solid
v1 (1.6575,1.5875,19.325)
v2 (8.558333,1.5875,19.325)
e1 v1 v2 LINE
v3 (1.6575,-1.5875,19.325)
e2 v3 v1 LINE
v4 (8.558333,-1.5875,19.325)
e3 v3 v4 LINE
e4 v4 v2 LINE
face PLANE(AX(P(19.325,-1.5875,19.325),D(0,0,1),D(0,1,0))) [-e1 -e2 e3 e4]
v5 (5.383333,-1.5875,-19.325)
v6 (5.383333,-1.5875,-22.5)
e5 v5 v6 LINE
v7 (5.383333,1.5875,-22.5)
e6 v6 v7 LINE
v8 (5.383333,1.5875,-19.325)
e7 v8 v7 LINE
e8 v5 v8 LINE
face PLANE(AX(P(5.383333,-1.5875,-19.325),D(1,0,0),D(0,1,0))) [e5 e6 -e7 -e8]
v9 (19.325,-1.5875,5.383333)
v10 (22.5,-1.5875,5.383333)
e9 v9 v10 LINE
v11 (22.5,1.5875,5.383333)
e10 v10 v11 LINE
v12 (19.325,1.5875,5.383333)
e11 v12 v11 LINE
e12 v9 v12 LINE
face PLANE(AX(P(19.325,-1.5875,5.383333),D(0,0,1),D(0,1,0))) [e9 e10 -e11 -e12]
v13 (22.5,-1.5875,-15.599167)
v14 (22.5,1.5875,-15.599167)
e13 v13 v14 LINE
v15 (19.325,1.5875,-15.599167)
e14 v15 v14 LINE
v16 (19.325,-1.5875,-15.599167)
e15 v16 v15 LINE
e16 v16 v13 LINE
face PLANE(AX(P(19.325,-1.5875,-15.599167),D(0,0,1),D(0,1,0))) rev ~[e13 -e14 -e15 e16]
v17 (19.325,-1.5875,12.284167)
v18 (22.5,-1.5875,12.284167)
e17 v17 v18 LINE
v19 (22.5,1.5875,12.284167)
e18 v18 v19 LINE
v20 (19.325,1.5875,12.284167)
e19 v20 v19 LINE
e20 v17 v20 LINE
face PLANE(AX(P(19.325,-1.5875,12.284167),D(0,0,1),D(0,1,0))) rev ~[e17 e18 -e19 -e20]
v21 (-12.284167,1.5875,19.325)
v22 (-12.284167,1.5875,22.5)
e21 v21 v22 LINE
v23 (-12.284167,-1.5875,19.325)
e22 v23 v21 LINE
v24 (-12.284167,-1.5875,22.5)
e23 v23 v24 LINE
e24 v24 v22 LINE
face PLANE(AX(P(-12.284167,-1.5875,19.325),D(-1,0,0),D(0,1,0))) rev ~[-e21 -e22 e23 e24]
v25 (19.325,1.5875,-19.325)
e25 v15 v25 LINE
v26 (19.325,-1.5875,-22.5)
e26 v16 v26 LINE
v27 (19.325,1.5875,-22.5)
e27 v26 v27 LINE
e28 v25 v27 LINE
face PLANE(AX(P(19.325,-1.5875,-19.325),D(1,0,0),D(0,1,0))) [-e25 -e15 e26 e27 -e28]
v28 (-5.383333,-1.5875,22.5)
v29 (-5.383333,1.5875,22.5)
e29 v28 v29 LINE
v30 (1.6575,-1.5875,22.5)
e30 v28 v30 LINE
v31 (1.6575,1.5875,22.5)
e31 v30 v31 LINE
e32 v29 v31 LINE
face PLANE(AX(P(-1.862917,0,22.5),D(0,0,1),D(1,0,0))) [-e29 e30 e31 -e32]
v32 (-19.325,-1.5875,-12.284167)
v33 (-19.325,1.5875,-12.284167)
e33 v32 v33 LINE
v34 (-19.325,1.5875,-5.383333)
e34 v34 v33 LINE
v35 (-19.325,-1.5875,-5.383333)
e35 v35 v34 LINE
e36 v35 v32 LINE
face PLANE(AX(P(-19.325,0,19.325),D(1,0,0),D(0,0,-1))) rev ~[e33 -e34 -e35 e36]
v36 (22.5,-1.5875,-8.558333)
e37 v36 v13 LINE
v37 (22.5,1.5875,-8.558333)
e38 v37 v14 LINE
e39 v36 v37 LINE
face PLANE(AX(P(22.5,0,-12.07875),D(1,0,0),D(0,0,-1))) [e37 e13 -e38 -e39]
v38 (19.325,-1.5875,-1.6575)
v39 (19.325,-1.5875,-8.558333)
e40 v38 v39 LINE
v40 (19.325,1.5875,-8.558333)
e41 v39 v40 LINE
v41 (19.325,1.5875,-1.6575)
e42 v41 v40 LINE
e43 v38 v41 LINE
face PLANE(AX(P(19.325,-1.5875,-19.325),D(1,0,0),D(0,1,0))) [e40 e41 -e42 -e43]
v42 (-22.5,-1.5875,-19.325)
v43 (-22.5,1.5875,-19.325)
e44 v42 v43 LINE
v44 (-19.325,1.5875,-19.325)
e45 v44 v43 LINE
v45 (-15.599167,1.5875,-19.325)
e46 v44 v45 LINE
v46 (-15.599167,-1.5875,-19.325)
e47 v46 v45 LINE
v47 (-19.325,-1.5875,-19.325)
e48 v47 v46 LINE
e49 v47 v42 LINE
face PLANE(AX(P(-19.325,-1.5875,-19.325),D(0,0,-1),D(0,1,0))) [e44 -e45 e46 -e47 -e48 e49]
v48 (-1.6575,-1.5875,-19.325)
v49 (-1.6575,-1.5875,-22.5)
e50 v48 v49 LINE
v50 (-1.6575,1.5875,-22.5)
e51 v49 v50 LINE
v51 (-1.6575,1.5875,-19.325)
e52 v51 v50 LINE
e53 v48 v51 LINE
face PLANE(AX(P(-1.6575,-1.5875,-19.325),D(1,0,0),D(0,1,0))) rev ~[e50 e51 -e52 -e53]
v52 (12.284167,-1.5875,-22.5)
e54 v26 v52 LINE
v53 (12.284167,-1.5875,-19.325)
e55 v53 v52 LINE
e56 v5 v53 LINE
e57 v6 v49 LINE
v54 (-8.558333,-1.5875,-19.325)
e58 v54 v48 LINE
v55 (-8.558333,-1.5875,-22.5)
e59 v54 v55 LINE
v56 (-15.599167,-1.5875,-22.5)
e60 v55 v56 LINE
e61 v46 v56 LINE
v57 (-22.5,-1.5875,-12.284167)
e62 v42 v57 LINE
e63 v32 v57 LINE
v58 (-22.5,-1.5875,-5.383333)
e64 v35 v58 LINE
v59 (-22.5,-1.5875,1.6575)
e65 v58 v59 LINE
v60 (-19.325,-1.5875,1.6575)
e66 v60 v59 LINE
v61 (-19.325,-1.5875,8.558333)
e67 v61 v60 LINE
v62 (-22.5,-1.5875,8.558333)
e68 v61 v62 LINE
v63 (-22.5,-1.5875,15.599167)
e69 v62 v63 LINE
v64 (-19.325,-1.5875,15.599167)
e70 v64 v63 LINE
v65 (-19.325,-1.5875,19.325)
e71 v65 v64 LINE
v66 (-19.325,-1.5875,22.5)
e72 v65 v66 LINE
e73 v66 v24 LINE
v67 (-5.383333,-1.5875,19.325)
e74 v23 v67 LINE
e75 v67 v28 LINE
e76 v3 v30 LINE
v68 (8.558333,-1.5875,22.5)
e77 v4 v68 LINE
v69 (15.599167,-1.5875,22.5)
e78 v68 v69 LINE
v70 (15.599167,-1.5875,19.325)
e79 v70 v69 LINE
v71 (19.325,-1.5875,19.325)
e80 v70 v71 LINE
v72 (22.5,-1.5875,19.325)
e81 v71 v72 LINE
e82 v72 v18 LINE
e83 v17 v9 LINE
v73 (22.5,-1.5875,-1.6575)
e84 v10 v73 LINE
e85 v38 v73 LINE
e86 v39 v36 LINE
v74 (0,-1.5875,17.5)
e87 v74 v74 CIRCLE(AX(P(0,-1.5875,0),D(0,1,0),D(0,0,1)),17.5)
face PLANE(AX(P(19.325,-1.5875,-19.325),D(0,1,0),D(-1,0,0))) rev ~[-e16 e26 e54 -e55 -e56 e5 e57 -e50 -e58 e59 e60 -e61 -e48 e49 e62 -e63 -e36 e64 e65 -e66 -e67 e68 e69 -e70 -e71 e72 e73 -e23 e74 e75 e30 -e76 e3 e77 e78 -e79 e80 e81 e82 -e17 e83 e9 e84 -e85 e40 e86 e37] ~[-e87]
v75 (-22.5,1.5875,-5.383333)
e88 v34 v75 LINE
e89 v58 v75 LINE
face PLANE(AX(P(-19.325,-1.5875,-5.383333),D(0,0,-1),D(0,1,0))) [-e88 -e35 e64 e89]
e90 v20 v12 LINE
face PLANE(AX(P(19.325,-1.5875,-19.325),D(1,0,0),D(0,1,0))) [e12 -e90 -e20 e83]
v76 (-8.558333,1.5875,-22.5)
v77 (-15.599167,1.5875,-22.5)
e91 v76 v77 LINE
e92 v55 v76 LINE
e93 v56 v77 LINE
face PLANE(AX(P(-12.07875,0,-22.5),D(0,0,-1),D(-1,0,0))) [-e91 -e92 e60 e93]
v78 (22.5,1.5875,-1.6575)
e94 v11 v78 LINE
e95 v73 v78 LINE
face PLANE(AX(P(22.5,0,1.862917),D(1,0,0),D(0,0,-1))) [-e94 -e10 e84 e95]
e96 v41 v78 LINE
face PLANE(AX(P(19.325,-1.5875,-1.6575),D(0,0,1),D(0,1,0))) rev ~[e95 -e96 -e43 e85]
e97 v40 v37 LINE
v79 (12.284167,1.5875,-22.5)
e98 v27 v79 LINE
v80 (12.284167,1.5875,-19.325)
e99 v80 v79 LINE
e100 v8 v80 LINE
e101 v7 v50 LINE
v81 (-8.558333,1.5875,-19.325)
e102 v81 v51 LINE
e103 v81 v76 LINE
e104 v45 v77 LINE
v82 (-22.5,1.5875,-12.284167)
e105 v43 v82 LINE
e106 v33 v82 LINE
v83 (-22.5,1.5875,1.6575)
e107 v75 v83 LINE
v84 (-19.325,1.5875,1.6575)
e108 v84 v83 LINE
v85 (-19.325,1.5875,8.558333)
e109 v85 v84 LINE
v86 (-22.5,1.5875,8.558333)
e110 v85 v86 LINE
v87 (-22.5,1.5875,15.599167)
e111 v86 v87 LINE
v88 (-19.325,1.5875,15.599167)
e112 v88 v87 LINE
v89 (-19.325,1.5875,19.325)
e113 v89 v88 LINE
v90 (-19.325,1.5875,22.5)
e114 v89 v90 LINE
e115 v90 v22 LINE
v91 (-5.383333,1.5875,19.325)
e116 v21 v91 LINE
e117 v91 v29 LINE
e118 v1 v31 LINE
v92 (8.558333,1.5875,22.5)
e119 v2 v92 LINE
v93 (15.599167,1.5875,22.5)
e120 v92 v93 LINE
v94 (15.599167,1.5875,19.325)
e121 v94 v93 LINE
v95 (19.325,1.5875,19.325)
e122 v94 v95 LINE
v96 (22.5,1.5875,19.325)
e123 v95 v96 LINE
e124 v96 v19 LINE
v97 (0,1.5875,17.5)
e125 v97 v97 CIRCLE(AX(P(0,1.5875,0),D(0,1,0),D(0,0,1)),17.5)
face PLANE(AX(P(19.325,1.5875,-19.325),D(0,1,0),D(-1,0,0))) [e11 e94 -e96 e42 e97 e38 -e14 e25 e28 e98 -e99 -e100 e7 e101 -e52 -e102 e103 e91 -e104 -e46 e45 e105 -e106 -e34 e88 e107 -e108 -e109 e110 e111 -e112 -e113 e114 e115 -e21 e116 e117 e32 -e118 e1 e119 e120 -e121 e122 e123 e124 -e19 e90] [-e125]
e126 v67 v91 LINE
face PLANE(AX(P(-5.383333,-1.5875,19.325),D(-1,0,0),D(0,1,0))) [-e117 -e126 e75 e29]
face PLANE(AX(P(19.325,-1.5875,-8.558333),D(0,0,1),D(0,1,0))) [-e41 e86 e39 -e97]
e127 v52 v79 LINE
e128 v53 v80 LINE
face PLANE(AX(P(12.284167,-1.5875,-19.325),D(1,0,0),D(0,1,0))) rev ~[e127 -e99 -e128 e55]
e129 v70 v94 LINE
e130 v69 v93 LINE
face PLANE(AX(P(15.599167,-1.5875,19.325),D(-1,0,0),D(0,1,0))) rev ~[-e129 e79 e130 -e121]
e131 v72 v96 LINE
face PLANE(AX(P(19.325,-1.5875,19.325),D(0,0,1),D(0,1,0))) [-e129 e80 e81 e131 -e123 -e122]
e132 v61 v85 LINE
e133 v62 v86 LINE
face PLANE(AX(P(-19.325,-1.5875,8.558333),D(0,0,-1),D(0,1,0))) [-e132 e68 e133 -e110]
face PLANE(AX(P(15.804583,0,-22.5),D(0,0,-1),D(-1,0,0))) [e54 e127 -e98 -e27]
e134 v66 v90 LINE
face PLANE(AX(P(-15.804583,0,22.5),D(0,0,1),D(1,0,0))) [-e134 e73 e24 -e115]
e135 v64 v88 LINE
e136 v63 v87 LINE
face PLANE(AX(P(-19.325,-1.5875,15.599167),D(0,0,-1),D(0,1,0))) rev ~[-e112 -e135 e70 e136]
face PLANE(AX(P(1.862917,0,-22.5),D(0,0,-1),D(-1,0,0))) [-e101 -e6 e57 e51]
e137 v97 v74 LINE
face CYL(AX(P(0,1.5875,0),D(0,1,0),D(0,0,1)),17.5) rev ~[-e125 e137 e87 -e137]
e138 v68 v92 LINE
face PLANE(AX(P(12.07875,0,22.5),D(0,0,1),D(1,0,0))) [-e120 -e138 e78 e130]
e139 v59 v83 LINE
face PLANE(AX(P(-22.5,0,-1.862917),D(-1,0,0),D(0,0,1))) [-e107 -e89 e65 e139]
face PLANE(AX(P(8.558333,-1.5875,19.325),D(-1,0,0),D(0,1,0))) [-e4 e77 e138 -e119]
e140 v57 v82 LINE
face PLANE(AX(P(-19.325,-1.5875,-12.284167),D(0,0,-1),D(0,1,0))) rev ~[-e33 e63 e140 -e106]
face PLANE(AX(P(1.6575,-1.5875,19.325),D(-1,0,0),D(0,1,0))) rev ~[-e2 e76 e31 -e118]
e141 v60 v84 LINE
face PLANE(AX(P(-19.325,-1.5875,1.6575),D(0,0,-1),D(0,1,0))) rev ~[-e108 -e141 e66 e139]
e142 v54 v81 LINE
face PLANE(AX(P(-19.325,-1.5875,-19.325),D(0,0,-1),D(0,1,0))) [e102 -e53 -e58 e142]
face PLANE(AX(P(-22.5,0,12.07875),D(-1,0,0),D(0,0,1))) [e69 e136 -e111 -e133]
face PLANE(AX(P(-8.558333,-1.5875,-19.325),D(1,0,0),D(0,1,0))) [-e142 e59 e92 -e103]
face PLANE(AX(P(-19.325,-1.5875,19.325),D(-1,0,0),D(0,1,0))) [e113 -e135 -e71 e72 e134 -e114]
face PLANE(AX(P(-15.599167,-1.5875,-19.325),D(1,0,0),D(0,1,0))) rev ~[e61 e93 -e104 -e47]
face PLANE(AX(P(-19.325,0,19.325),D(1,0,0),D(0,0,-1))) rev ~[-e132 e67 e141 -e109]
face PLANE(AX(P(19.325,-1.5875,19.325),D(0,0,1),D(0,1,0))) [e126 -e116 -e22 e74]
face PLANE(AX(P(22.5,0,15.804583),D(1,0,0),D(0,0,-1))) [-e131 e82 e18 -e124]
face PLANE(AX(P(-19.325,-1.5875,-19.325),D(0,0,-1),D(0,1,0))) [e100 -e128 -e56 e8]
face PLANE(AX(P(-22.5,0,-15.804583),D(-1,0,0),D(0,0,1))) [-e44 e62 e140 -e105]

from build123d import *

# Parameters (mm, degrees)
SKETCH2_W                   = 38.65
SKETCH2_H                   = 38.65
BOSS_EXTRUDE1_DEPTH         = 1.5875
SKETCH8_W                   = 7.040833333
SKETCH8_H                   = 3.175
BOSS_EXTRUDE3_DEPTH         = 3.175
LPATTERN3_COUNT             = 3
LPATTERN3_PITCH             = 13.941666667
CIRPATTERN1_COUNT           = 4
CIRPATTERN1_COPY_1_SKETCH_W = 7.040833333
CIRPATTERN1_COPY_1_SKETCH_H = 3.175
CIRPATTERN1_COPY_1_DEPTH    = 3.175
CIRPATTERN1_COPY_2_SKETCH_W = 7.040833333
CIRPATTERN1_COPY_2_SKETCH_H = 3.175
CIRPATTERN1_COPY_2_DEPTH    = 3.175
CIRPATTERN1_COPY_3_SKETCH_W = 7.040833333
CIRPATTERN1_COPY_3_SKETCH_H = 3.175
CIRPATTERN1_COPY_3_DEPTH    = 3.175
CIRPATTERN1_COPY_4_SKETCH_W = 7.040833333
CIRPATTERN1_COPY_4_SKETCH_H = 3.175
CIRPATTERN1_COPY_4_DEPTH    = 3.175
CIRPATTERN1_COPY_5_SKETCH_W = 7.040833333
CIRPATTERN1_COPY_5_SKETCH_H = 3.175
CIRPATTERN1_COPY_5_DEPTH    = 3.175
CIRPATTERN1_COPY_6_SKETCH_W = 7.040833333
CIRPATTERN1_COPY_6_SKETCH_H = 3.175
CIRPATTERN1_COPY_6_DEPTH    = 3.175
SKETCH15_R                  = 17.5
CUT_EXTRUDE8_DEPTH          = 32.977814575


with BuildPart() as part:
    # Sketch2 → Boss-Extrude1 (new, symmetric)
    with BuildSketch(Plane(origin=(0, 0, 0), x_dir=(1, 0, 0), z_dir=(0, 1, 0))):
        Rectangle(SKETCH2_W, SKETCH2_H)
    extrude(amount=BOSS_EXTRUDE1_DEPTH, both=True)

    # Sketch8 → Boss-Extrude3 (add)
    with BuildSketch(Plane.ZY.offset(19.325)):
        with Locations((-15.804583334, 0)):
            Rectangle(SKETCH8_W, SKETCH8_H)
    boss_extrude3 = extrude(amount=BOSS_EXTRUDE3_DEPTH)

    # LPattern3: Boss-Extrude3 ×3
    with Locations(*[(0, 0, i * LPATTERN3_PITCH) for i in range(1, LPATTERN3_COUNT)]):
        add(boss_extrude3)

    # CirPattern1: Boss-Extrude3 ×4 about axis
    cirpattern1_axis = Axis((0, 0, 0), (0, 1, 0))
    for i in range(1, CIRPATTERN1_COUNT):
        add(boss_extrude3.rotate(cirpattern1_axis, i * 360 / CIRPATTERN1_COUNT))

    # CirPattern1 copy 1 sketch → CirPattern1 copy 1 (add)
    with BuildSketch(Plane(origin=(13.941666667, 0, 19.325), x_dir=(1, 0, 0), z_dir=(0, 0, 1))):
        with Locations((-15.804583334, 0)):
            Rectangle(CIRPATTERN1_COPY_1_SKETCH_W, CIRPATTERN1_COPY_1_SKETCH_H)
    extrude(amount=CIRPATTERN1_COPY_1_DEPTH)

    # CirPattern1 copy 2 sketch → CirPattern1 copy 2 (add)
    with BuildSketch(Plane(origin=(19.325, 0, -13.941666667), x_dir=(0, 0, -1), z_dir=(1, 0, 0))):
        with Locations((-15.804583334, 0)):
            Rectangle(CIRPATTERN1_COPY_2_SKETCH_W, CIRPATTERN1_COPY_2_SKETCH_H)
    extrude(amount=CIRPATTERN1_COPY_2_DEPTH)

    # CirPattern1 copy 3 sketch → CirPattern1 copy 3 (add)
    with BuildSketch(Plane(origin=(-13.941666667, 0, -19.325), x_dir=(-1, 0, 0), z_dir=(0, 0, -1))):
        with Locations((-15.804583334, 0)):
            Rectangle(CIRPATTERN1_COPY_3_SKETCH_W, CIRPATTERN1_COPY_3_SKETCH_H)
    extrude(amount=CIRPATTERN1_COPY_3_DEPTH)

    # CirPattern1 copy 4 sketch → CirPattern1 copy 4 (add)
    with BuildSketch(Plane(origin=(27.883333333, 0, 19.325), x_dir=(1, 0, 0), z_dir=(0, 0, 1))):
        with Locations((-15.804583334, 0)):
            Rectangle(CIRPATTERN1_COPY_4_SKETCH_W, CIRPATTERN1_COPY_4_SKETCH_H)
    extrude(amount=CIRPATTERN1_COPY_4_DEPTH)

    # CirPattern1 copy 5 sketch → CirPattern1 copy 5 (add)
    with BuildSketch(Plane(origin=(19.325, 0, -27.883333333), x_dir=(0, 0, -1), z_dir=(1, 0, 0))):
        with Locations((-15.804583334, 0)):
            Rectangle(CIRPATTERN1_COPY_5_SKETCH_W, CIRPATTERN1_COPY_5_SKETCH_H)
    extrude(amount=CIRPATTERN1_COPY_5_DEPTH)

    # CirPattern1 copy 6 sketch → CirPattern1 copy 6 (add)
    with BuildSketch(Plane(origin=(-27.883333333, 0, -19.325), x_dir=(-1, 0, 0), z_dir=(0, 0, -1))):
        with Locations((-15.804583334, 0)):
            Rectangle(CIRPATTERN1_COPY_6_SKETCH_W, CIRPATTERN1_COPY_6_SKETCH_H)
    extrude(amount=CIRPATTERN1_COPY_6_DEPTH)

    # Sketch15 → Cut-Extrude8 (cut, through all)
    with BuildSketch(Plane(origin=(0, 1.5875, 0), x_dir=(1, 0, 0), z_dir=(0, 1, 0))):
        Circle(SKETCH15_R)
    extrude(amount=-CUT_EXTRUDE8_DEPTH, mode=Mode.SUBTRACT)


solid = part.part
